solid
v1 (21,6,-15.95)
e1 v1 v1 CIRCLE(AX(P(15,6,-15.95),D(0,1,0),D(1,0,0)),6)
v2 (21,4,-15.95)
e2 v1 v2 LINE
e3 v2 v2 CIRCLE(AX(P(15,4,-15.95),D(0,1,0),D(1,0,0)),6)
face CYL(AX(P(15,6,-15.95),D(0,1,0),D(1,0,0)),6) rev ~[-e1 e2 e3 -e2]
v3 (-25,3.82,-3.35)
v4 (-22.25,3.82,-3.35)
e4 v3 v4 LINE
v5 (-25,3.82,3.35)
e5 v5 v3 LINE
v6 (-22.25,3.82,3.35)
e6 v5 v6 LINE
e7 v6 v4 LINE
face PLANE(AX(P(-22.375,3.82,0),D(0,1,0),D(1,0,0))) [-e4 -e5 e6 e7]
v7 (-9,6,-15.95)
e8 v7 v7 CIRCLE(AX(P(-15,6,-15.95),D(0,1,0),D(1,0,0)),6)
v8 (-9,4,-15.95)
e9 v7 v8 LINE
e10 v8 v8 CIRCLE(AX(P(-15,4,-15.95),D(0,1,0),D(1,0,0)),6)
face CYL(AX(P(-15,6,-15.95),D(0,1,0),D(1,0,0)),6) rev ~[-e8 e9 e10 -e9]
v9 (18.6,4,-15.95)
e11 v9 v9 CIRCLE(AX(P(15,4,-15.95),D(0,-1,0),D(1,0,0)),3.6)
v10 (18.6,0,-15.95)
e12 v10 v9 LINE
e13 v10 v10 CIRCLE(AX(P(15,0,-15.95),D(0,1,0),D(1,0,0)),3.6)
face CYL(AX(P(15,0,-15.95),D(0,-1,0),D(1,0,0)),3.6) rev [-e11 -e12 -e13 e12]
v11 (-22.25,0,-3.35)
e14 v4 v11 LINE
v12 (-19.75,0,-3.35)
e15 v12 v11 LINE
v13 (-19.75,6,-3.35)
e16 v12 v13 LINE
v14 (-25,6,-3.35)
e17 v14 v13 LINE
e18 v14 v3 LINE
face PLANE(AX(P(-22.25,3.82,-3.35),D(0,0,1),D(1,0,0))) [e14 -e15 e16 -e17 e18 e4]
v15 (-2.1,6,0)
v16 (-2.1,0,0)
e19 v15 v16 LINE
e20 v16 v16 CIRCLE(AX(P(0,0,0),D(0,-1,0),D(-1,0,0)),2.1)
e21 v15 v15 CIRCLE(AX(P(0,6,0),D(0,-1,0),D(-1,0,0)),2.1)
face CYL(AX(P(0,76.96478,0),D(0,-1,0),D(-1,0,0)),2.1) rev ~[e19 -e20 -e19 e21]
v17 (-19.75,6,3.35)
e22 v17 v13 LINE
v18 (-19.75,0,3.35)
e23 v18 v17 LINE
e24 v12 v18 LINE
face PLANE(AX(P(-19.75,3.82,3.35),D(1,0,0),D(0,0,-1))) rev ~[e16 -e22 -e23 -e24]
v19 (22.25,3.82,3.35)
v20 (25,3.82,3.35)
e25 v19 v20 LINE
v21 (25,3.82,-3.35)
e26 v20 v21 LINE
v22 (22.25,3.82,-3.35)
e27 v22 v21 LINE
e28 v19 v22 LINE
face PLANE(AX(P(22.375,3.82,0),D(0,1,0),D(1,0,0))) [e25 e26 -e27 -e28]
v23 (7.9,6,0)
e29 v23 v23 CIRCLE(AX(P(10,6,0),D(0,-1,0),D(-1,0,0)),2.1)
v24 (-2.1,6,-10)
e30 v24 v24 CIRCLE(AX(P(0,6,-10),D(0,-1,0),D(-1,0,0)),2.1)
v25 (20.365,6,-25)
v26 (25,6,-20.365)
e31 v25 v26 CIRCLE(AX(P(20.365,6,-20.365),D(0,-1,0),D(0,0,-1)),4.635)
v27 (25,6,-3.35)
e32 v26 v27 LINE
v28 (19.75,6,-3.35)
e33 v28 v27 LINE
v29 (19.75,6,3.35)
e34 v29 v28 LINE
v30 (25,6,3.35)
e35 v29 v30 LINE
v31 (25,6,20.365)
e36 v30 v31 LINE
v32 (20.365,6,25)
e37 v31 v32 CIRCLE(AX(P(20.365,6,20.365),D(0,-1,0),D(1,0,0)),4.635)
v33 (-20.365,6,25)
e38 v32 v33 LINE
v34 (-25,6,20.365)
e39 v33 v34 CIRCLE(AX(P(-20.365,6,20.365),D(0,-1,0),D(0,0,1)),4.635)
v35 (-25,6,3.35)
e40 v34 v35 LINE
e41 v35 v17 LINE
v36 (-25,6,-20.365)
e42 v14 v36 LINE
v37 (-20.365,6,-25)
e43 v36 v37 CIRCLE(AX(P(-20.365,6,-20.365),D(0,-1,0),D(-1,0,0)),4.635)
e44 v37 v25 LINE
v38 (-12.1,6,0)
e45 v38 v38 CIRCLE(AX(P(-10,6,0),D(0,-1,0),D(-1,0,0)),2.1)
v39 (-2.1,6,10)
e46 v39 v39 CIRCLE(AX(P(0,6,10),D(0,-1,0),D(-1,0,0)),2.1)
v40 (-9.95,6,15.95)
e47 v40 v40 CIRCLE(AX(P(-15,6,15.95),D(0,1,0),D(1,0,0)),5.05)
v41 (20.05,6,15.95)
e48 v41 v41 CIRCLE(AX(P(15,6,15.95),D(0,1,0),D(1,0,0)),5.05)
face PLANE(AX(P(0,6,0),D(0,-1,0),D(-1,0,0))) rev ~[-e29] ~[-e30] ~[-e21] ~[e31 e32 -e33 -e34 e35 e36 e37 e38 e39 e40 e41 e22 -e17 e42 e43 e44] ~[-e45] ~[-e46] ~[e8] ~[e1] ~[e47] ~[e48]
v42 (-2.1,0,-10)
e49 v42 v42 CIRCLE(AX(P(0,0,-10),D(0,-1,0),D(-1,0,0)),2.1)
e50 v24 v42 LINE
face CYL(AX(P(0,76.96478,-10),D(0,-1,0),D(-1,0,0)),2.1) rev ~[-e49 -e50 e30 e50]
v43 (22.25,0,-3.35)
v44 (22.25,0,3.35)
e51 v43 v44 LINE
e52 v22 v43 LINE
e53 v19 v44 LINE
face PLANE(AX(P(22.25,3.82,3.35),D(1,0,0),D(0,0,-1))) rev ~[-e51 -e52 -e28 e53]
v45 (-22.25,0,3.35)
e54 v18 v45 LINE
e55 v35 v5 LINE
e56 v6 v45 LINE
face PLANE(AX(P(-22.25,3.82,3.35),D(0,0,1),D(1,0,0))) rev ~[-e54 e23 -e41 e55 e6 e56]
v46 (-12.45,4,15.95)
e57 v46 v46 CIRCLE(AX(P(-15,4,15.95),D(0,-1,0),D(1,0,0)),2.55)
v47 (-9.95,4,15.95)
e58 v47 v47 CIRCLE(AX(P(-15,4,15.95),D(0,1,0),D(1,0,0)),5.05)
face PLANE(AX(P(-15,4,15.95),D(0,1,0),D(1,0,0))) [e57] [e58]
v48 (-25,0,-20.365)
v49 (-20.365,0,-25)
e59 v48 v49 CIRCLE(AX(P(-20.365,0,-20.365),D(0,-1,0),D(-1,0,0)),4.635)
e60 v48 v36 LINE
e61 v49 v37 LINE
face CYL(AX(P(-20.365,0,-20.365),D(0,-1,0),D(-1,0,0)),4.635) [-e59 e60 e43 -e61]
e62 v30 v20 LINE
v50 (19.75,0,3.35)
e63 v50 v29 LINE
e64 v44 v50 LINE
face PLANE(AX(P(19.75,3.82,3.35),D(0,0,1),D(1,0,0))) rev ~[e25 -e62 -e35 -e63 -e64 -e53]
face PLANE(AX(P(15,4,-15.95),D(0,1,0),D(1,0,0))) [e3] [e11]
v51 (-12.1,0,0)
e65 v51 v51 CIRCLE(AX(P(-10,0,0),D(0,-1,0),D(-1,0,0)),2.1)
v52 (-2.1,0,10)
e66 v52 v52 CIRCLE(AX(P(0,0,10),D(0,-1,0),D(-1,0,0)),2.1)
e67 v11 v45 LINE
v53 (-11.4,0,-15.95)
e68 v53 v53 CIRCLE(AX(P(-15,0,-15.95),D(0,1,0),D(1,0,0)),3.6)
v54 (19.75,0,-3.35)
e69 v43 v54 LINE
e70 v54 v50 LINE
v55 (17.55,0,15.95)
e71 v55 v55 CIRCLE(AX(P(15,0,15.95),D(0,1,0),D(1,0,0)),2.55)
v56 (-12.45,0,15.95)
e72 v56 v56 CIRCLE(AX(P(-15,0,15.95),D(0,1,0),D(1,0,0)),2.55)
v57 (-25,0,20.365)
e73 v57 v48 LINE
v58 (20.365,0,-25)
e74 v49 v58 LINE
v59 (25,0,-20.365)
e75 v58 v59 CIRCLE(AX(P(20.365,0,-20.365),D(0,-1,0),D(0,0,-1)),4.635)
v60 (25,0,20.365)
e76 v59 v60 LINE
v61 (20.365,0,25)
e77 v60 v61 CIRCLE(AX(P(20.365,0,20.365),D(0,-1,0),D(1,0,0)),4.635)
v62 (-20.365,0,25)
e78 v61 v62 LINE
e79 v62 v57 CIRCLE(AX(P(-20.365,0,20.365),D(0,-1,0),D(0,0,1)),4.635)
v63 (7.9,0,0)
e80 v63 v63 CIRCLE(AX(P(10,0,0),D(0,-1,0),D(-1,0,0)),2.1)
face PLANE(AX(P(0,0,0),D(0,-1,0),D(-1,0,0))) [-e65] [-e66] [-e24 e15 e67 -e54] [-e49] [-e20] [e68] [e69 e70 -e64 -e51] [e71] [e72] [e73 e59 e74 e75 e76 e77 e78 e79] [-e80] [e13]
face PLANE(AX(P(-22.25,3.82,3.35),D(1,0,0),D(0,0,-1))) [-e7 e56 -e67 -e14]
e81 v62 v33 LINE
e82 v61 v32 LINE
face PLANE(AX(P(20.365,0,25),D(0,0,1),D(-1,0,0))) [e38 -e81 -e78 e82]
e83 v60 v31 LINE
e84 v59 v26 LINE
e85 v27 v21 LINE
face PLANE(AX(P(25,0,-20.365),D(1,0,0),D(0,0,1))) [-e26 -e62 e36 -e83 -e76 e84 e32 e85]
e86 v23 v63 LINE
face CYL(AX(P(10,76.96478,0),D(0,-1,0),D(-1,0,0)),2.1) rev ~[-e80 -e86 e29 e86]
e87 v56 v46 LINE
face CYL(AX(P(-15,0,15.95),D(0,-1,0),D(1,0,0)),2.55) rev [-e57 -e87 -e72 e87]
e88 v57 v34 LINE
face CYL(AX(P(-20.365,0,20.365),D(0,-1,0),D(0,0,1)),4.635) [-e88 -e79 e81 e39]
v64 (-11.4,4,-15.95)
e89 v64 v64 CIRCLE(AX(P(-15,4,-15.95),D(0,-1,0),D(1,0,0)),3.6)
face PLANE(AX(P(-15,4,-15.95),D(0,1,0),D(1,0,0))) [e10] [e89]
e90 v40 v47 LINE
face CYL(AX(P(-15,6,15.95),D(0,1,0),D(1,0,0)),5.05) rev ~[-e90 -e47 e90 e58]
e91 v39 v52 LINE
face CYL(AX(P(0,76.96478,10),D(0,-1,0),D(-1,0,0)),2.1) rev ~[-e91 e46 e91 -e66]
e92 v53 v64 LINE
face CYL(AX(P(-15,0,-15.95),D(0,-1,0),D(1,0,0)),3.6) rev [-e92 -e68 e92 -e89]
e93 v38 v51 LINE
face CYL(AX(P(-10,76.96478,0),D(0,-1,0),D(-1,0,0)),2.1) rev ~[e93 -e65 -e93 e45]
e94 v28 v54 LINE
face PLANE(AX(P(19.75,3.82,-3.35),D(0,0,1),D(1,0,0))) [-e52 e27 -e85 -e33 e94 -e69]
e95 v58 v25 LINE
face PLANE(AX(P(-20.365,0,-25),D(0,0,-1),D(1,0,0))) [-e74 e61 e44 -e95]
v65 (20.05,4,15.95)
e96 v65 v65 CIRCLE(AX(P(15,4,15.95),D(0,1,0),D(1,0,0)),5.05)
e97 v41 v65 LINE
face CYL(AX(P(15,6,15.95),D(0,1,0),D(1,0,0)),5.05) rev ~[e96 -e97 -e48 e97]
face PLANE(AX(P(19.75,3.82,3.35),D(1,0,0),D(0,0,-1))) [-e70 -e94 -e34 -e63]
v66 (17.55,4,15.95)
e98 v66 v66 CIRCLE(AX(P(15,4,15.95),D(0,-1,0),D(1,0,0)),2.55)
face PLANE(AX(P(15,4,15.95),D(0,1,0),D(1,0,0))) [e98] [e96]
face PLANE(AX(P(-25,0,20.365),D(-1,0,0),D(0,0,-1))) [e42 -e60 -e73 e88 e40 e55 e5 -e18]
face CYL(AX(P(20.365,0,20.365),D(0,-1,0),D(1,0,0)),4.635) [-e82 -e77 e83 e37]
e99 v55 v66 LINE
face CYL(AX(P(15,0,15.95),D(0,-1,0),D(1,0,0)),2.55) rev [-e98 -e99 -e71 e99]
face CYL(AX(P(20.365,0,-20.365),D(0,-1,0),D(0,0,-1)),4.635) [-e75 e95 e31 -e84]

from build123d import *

# Parameters (mm, degrees)
SKETCH1_R             = 3.6
SKETCH1_R_2           = 2.55
BOSS_EXTRUDE1_DEPTH   = 6
M5X0_8_TAPPED_HOLE1_D = 4.2
SKETCH2_R             = 6
SKETCH2_R_2           = 5.05
CUT_EXTRUDE1_DEPTH    = 2
SKETCH5_W             = 5.25
SKETCH5_H             = 6.7
CUT_EXTRUDE2_DEPTH    = 2.18
SKETCH6_W             = 2.5
SKETCH6_H             = 6.7
CUT_EXTRUDE3_DEPTH    = 4.82


with BuildPart() as part:
    # Sketch1 → Boss-Extrude1 (new body)
    with BuildSketch(Plane(origin=(0, 0, 0), x_dir=(1, 0, 0), z_dir=(0, 1, 0))):
        with BuildLine():
            Line((20.365, -25), (-20.365, -25))
            ThreePointArc((-20.365, -25), (-23.642439931, -23.642439931), (-25, -20.365))
            Line((-25, -20.365), (-25, 20.365))
            ThreePointArc((-25, 20.365), (-23.642439931, 23.642439931), (-20.365, 25))
            Line((-20.365, 25), (20.365, 25))
            ThreePointArc((20.365, 25), (23.642439931, 23.642439931), (25, 20.365))
            Line((25, 20.365), (25, -20.365))
            ThreePointArc((25, -20.365), (23.642439931, -23.642439931), (20.365, -25))
        make_face()
        with Locations((-15, 15.95)):
            Circle(SKETCH1_R, mode=Mode.SUBTRACT)
        with Locations((15, 15.95)):
            Circle(SKETCH1_R, mode=Mode.SUBTRACT)
        with Locations((15, -15.95)):
            Circle(SKETCH1_R_2, mode=Mode.SUBTRACT)
        with Locations((-15, -15.95)):
            Circle(SKETCH1_R_2, mode=Mode.SUBTRACT)
    extrude(amount=BOSS_EXTRUDE1_DEPTH)

    # M5x0.8 Tapped Hole1 (through all)
    with Locations(Plane(origin=(0, 6, 0), x_dir=(1, 0, 0), z_dir=(0, 1, 0))):
        with Locations((0, 10), (-10, 0), (0, 0), (0, -10), (10, 0)):
            Hole(M5X0_8_TAPPED_HOLE1_D / 2)

    # Sketch2 → Cut-Extrude1 (cut)
    with BuildSketch(Plane(origin=(0, 6, 0), x_dir=(1, 0, 0), z_dir=(0, 1, 0))):
        with Locations((-15, 15.95)):
            Circle(SKETCH2_R)
        with Locations((15, 15.95)):
            Circle(SKETCH2_R)
        with Locations((15, -15.95)):
            Circle(SKETCH2_R_2)
        with Locations((-15, -15.95)):
            Circle(SKETCH2_R_2)
    extrude(amount=-CUT_EXTRUDE1_DEPTH, mode=Mode.SUBTRACT)

    # Sketch5 → Cut-Extrude2 (cut)
    with BuildSketch(Plane(origin=(0, 6, 0), x_dir=(1, 0, 0), z_dir=(0, 1, 0))):
        with Locations((-22.375, 0)):
            Rectangle(SKETCH5_W, SKETCH5_H)
        with Locations((22.375, 0)):
            Rectangle(SKETCH5_W, SKETCH5_H)
    extrude(amount=-CUT_EXTRUDE2_DEPTH, mode=Mode.SUBTRACT)

    # Sketch6 → Cut-Extrude3 (cut, through all)
    with BuildSketch(Plane(origin=(0, 3.82, 0), x_dir=(1, 0, 0), z_dir=(0, 1, 0))):
        with Locations((-21, 0)):
            Rectangle(SKETCH6_W, SKETCH6_H)
        with Locations((21, 0)):
            Rectangle(SKETCH6_W, SKETCH6_H)
    extrude(amount=-CUT_EXTRUDE3_DEPTH, mode=Mode.SUBTRACT)


solid = part.part
